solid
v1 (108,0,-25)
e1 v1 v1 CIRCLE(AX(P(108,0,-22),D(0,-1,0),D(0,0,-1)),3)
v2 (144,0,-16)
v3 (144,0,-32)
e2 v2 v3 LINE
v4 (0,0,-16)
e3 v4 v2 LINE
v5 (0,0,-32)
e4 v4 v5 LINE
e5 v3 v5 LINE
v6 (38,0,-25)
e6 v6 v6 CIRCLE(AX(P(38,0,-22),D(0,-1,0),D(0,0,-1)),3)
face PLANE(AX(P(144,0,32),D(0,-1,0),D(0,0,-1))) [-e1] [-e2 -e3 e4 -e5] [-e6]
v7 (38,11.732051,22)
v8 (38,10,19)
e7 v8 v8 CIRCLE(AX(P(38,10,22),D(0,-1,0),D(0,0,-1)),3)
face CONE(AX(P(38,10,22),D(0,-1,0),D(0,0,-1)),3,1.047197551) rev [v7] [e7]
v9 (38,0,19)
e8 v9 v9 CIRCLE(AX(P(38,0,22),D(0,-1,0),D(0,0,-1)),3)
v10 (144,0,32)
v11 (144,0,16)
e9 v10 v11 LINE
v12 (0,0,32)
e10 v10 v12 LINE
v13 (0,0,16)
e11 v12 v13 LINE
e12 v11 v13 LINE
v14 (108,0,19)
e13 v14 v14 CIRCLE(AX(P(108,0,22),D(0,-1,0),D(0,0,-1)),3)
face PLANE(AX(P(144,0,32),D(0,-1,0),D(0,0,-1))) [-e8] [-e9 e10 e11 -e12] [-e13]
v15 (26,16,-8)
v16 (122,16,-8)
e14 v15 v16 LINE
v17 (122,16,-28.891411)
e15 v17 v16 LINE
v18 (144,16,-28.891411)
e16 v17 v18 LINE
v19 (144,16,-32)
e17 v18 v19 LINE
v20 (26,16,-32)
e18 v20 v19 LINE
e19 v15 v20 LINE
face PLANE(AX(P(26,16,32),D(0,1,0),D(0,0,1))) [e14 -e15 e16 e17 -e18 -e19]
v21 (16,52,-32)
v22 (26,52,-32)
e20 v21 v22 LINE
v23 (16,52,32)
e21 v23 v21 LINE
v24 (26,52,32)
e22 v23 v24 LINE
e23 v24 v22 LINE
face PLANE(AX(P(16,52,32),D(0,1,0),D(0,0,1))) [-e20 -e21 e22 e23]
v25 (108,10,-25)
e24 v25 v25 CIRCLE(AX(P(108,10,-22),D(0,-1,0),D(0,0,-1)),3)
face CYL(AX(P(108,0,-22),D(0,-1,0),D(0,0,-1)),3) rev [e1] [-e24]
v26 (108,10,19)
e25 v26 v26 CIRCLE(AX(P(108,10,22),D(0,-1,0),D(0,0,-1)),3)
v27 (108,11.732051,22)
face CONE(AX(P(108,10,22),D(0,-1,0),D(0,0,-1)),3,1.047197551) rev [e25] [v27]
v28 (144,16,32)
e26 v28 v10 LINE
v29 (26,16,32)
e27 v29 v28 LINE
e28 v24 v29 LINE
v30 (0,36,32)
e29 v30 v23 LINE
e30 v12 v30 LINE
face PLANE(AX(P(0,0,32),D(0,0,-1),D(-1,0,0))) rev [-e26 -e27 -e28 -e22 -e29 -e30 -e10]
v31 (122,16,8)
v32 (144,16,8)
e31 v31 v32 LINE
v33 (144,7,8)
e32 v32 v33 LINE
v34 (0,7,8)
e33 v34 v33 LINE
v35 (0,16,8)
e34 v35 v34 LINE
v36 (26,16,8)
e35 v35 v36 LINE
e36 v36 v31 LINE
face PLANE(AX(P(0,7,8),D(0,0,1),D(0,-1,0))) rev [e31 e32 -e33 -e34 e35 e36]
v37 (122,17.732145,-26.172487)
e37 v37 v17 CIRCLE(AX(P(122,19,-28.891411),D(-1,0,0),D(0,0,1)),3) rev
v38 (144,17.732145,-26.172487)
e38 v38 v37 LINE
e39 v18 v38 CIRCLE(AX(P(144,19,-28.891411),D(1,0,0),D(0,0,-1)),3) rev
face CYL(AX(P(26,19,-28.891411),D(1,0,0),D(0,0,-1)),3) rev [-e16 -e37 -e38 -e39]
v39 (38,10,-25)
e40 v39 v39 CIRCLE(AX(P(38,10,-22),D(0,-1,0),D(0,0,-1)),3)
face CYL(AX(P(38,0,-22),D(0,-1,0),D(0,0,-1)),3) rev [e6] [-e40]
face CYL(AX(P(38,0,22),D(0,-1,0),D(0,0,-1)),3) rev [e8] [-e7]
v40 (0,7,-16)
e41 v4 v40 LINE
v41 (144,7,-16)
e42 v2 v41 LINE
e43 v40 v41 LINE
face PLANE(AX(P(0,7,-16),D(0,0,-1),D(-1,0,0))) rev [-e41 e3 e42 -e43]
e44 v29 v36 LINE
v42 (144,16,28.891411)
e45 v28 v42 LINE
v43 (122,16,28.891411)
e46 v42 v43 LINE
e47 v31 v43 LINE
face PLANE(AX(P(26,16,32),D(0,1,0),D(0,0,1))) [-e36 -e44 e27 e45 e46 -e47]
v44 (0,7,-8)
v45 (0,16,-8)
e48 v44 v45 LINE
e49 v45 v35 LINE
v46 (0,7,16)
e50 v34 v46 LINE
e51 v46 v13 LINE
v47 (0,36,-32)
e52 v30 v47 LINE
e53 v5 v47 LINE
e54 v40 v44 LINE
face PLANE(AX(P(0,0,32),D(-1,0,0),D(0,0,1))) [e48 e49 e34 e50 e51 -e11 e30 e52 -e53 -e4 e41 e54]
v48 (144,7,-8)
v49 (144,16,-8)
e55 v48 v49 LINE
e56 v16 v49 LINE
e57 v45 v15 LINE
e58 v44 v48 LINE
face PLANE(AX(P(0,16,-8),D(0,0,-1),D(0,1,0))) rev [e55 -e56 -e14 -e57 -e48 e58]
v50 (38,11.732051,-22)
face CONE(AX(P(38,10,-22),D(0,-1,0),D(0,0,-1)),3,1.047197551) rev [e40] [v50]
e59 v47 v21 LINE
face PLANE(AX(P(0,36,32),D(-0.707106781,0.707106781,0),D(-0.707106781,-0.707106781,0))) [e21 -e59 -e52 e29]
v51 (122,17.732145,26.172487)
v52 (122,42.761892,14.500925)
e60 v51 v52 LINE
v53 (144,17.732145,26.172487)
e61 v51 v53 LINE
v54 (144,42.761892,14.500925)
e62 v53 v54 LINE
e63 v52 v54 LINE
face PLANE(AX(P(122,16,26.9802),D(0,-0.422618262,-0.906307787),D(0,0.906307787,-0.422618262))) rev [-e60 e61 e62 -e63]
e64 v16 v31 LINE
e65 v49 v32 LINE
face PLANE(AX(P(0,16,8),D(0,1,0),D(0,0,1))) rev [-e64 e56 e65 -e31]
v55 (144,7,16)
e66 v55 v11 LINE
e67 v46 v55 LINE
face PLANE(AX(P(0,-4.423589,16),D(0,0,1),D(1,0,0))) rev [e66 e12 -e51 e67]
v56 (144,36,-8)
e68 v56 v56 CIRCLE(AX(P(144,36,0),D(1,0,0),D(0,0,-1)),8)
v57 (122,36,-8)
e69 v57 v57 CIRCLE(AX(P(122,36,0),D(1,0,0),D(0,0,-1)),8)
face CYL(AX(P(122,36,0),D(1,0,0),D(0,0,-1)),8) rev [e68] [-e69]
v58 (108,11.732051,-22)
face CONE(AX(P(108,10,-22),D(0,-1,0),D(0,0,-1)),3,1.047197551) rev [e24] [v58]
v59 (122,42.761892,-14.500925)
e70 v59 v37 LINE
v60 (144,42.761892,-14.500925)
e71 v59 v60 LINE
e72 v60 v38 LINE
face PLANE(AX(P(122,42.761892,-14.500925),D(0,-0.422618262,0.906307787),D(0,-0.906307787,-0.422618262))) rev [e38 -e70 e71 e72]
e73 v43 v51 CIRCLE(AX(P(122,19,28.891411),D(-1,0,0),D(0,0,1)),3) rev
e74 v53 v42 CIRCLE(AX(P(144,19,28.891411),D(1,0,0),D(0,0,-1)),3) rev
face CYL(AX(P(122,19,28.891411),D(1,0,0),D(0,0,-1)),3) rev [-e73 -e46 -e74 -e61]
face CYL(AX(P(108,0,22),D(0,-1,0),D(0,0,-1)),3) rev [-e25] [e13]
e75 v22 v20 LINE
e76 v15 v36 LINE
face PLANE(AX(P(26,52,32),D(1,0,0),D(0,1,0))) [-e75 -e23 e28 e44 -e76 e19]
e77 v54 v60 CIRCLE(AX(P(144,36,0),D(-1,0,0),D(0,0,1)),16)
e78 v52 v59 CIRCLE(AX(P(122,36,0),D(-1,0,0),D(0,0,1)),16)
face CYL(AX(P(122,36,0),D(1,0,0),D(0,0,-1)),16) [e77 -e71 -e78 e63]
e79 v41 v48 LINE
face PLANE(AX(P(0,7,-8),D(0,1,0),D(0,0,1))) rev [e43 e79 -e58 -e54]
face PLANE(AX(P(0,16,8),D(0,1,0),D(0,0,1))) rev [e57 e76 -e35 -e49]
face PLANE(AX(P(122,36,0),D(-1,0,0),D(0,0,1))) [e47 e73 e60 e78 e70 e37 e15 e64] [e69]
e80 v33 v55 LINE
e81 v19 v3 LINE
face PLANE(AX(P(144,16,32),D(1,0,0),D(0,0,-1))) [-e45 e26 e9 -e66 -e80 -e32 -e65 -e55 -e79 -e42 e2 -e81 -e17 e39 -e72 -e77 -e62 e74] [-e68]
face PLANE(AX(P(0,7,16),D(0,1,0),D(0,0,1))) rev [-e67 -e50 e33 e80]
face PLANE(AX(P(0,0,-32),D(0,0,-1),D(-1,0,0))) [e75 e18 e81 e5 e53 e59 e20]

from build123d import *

# Parameters (mm, degrees)
BOSS_EXTRUDE1_DEPTH  = 32
SKETCH3_R            = 8
BOSS_EXTRUDE2_DEPTH  = 22
FILLET1_R            = 3
CUT_EXTRUDE1_DEPTH   = 157.409718368
LPATTERN1_COUNT      = 2
LPATTERN1_PITCH      = 70
LPATTERN1_COUNT_DIR2 = 2
LPATTERN1_PITCH_DIR2 = 44


with BuildPart() as part:
    # Sketch1 → Boss-Extrude1 (new, symmetric)
    with BuildSketch(Plane.XY):
        Polygon((0, 0), (0, 36), (16, 52), (26, 52), (26, 16), (144, 16), (144, 0), align=None)
    extrude(amount=BOSS_EXTRUDE1_DEPTH, both=True)

    # Sketch3 → Boss-Extrude2 (add)
    with BuildSketch(Plane(origin=(144, 0, 0), x_dir=(0, 0, -1), z_dir=(1, 0, 0))):
        with BuildLine():
            Line((-26.980199866, 16), (-14.500924593, 42.761892188))
            ThreePointArc((-14.500924593, 42.761892188), (0, 52), (14.500924593, 42.761892188))
            Line((14.500924593, 42.761892188), (26.980199866, 16))
            Line((26.980199866, 16), (-26.980199866, 16))
        make_face()
        with Locations((0, 36)):
            Circle(SKETCH3_R, mode=Mode.SUBTRACT)
    extrude(amount=-BOSS_EXTRUDE2_DEPTH)

    # Fillet1
    fillet1_edges = [part.edges().sort_by_distance(p)[0] for p in [
        (133, 16, -26.980199866),
        (133, 16, 26.980199866),
    ]]
    fillet(fillet1_edges, radius=FILLET1_R)

    # Sketch4 → Cut-Extrude1 (cut, through all)
    with BuildSketch(Plane(origin=(144, 0, 0), x_dir=(0, 0, -1), z_dir=(1, 0, 0))):
        Polygon((-16, -4.423588756), (-16, 7), (-8, 7), (-8, 16), (8, 16), (8, 7), (16, 7), (16, -4.423588756), align=None)
    extrude(amount=-CUT_EXTRUDE1_DEPTH, mode=Mode.SUBTRACT)

    # Sketch6 → Ø1.0mm Dowel Hole1 (revolve, cut)
    with BuildSketch(Plane(origin=(38, 0, -22), x_dir=(0, 0, -1), z_dir=(1, 0, 0))):
        Polygon((0, 0), (0, 11.732050808), (3, 10), (3, 0), align=None)
    f_1_0mm_dowel_hole1 = revolve(axis=Axis((38, -6.35, -22), (0, 1, 0)), mode=Mode.SUBTRACT)

    # LPattern1: 1.0mm Dowel Hole1 2 × 2
    with Locations(*[(i * LPATTERN1_PITCH, 0, j * LPATTERN1_PITCH_DIR2) for i in range(LPATTERN1_COUNT) for j in range(LPATTERN1_COUNT_DIR2) if (i, j) != (0, 0)]):
        add(f_1_0mm_dowel_hole1, mode=Mode.SUBTRACT)


solid = part.part
